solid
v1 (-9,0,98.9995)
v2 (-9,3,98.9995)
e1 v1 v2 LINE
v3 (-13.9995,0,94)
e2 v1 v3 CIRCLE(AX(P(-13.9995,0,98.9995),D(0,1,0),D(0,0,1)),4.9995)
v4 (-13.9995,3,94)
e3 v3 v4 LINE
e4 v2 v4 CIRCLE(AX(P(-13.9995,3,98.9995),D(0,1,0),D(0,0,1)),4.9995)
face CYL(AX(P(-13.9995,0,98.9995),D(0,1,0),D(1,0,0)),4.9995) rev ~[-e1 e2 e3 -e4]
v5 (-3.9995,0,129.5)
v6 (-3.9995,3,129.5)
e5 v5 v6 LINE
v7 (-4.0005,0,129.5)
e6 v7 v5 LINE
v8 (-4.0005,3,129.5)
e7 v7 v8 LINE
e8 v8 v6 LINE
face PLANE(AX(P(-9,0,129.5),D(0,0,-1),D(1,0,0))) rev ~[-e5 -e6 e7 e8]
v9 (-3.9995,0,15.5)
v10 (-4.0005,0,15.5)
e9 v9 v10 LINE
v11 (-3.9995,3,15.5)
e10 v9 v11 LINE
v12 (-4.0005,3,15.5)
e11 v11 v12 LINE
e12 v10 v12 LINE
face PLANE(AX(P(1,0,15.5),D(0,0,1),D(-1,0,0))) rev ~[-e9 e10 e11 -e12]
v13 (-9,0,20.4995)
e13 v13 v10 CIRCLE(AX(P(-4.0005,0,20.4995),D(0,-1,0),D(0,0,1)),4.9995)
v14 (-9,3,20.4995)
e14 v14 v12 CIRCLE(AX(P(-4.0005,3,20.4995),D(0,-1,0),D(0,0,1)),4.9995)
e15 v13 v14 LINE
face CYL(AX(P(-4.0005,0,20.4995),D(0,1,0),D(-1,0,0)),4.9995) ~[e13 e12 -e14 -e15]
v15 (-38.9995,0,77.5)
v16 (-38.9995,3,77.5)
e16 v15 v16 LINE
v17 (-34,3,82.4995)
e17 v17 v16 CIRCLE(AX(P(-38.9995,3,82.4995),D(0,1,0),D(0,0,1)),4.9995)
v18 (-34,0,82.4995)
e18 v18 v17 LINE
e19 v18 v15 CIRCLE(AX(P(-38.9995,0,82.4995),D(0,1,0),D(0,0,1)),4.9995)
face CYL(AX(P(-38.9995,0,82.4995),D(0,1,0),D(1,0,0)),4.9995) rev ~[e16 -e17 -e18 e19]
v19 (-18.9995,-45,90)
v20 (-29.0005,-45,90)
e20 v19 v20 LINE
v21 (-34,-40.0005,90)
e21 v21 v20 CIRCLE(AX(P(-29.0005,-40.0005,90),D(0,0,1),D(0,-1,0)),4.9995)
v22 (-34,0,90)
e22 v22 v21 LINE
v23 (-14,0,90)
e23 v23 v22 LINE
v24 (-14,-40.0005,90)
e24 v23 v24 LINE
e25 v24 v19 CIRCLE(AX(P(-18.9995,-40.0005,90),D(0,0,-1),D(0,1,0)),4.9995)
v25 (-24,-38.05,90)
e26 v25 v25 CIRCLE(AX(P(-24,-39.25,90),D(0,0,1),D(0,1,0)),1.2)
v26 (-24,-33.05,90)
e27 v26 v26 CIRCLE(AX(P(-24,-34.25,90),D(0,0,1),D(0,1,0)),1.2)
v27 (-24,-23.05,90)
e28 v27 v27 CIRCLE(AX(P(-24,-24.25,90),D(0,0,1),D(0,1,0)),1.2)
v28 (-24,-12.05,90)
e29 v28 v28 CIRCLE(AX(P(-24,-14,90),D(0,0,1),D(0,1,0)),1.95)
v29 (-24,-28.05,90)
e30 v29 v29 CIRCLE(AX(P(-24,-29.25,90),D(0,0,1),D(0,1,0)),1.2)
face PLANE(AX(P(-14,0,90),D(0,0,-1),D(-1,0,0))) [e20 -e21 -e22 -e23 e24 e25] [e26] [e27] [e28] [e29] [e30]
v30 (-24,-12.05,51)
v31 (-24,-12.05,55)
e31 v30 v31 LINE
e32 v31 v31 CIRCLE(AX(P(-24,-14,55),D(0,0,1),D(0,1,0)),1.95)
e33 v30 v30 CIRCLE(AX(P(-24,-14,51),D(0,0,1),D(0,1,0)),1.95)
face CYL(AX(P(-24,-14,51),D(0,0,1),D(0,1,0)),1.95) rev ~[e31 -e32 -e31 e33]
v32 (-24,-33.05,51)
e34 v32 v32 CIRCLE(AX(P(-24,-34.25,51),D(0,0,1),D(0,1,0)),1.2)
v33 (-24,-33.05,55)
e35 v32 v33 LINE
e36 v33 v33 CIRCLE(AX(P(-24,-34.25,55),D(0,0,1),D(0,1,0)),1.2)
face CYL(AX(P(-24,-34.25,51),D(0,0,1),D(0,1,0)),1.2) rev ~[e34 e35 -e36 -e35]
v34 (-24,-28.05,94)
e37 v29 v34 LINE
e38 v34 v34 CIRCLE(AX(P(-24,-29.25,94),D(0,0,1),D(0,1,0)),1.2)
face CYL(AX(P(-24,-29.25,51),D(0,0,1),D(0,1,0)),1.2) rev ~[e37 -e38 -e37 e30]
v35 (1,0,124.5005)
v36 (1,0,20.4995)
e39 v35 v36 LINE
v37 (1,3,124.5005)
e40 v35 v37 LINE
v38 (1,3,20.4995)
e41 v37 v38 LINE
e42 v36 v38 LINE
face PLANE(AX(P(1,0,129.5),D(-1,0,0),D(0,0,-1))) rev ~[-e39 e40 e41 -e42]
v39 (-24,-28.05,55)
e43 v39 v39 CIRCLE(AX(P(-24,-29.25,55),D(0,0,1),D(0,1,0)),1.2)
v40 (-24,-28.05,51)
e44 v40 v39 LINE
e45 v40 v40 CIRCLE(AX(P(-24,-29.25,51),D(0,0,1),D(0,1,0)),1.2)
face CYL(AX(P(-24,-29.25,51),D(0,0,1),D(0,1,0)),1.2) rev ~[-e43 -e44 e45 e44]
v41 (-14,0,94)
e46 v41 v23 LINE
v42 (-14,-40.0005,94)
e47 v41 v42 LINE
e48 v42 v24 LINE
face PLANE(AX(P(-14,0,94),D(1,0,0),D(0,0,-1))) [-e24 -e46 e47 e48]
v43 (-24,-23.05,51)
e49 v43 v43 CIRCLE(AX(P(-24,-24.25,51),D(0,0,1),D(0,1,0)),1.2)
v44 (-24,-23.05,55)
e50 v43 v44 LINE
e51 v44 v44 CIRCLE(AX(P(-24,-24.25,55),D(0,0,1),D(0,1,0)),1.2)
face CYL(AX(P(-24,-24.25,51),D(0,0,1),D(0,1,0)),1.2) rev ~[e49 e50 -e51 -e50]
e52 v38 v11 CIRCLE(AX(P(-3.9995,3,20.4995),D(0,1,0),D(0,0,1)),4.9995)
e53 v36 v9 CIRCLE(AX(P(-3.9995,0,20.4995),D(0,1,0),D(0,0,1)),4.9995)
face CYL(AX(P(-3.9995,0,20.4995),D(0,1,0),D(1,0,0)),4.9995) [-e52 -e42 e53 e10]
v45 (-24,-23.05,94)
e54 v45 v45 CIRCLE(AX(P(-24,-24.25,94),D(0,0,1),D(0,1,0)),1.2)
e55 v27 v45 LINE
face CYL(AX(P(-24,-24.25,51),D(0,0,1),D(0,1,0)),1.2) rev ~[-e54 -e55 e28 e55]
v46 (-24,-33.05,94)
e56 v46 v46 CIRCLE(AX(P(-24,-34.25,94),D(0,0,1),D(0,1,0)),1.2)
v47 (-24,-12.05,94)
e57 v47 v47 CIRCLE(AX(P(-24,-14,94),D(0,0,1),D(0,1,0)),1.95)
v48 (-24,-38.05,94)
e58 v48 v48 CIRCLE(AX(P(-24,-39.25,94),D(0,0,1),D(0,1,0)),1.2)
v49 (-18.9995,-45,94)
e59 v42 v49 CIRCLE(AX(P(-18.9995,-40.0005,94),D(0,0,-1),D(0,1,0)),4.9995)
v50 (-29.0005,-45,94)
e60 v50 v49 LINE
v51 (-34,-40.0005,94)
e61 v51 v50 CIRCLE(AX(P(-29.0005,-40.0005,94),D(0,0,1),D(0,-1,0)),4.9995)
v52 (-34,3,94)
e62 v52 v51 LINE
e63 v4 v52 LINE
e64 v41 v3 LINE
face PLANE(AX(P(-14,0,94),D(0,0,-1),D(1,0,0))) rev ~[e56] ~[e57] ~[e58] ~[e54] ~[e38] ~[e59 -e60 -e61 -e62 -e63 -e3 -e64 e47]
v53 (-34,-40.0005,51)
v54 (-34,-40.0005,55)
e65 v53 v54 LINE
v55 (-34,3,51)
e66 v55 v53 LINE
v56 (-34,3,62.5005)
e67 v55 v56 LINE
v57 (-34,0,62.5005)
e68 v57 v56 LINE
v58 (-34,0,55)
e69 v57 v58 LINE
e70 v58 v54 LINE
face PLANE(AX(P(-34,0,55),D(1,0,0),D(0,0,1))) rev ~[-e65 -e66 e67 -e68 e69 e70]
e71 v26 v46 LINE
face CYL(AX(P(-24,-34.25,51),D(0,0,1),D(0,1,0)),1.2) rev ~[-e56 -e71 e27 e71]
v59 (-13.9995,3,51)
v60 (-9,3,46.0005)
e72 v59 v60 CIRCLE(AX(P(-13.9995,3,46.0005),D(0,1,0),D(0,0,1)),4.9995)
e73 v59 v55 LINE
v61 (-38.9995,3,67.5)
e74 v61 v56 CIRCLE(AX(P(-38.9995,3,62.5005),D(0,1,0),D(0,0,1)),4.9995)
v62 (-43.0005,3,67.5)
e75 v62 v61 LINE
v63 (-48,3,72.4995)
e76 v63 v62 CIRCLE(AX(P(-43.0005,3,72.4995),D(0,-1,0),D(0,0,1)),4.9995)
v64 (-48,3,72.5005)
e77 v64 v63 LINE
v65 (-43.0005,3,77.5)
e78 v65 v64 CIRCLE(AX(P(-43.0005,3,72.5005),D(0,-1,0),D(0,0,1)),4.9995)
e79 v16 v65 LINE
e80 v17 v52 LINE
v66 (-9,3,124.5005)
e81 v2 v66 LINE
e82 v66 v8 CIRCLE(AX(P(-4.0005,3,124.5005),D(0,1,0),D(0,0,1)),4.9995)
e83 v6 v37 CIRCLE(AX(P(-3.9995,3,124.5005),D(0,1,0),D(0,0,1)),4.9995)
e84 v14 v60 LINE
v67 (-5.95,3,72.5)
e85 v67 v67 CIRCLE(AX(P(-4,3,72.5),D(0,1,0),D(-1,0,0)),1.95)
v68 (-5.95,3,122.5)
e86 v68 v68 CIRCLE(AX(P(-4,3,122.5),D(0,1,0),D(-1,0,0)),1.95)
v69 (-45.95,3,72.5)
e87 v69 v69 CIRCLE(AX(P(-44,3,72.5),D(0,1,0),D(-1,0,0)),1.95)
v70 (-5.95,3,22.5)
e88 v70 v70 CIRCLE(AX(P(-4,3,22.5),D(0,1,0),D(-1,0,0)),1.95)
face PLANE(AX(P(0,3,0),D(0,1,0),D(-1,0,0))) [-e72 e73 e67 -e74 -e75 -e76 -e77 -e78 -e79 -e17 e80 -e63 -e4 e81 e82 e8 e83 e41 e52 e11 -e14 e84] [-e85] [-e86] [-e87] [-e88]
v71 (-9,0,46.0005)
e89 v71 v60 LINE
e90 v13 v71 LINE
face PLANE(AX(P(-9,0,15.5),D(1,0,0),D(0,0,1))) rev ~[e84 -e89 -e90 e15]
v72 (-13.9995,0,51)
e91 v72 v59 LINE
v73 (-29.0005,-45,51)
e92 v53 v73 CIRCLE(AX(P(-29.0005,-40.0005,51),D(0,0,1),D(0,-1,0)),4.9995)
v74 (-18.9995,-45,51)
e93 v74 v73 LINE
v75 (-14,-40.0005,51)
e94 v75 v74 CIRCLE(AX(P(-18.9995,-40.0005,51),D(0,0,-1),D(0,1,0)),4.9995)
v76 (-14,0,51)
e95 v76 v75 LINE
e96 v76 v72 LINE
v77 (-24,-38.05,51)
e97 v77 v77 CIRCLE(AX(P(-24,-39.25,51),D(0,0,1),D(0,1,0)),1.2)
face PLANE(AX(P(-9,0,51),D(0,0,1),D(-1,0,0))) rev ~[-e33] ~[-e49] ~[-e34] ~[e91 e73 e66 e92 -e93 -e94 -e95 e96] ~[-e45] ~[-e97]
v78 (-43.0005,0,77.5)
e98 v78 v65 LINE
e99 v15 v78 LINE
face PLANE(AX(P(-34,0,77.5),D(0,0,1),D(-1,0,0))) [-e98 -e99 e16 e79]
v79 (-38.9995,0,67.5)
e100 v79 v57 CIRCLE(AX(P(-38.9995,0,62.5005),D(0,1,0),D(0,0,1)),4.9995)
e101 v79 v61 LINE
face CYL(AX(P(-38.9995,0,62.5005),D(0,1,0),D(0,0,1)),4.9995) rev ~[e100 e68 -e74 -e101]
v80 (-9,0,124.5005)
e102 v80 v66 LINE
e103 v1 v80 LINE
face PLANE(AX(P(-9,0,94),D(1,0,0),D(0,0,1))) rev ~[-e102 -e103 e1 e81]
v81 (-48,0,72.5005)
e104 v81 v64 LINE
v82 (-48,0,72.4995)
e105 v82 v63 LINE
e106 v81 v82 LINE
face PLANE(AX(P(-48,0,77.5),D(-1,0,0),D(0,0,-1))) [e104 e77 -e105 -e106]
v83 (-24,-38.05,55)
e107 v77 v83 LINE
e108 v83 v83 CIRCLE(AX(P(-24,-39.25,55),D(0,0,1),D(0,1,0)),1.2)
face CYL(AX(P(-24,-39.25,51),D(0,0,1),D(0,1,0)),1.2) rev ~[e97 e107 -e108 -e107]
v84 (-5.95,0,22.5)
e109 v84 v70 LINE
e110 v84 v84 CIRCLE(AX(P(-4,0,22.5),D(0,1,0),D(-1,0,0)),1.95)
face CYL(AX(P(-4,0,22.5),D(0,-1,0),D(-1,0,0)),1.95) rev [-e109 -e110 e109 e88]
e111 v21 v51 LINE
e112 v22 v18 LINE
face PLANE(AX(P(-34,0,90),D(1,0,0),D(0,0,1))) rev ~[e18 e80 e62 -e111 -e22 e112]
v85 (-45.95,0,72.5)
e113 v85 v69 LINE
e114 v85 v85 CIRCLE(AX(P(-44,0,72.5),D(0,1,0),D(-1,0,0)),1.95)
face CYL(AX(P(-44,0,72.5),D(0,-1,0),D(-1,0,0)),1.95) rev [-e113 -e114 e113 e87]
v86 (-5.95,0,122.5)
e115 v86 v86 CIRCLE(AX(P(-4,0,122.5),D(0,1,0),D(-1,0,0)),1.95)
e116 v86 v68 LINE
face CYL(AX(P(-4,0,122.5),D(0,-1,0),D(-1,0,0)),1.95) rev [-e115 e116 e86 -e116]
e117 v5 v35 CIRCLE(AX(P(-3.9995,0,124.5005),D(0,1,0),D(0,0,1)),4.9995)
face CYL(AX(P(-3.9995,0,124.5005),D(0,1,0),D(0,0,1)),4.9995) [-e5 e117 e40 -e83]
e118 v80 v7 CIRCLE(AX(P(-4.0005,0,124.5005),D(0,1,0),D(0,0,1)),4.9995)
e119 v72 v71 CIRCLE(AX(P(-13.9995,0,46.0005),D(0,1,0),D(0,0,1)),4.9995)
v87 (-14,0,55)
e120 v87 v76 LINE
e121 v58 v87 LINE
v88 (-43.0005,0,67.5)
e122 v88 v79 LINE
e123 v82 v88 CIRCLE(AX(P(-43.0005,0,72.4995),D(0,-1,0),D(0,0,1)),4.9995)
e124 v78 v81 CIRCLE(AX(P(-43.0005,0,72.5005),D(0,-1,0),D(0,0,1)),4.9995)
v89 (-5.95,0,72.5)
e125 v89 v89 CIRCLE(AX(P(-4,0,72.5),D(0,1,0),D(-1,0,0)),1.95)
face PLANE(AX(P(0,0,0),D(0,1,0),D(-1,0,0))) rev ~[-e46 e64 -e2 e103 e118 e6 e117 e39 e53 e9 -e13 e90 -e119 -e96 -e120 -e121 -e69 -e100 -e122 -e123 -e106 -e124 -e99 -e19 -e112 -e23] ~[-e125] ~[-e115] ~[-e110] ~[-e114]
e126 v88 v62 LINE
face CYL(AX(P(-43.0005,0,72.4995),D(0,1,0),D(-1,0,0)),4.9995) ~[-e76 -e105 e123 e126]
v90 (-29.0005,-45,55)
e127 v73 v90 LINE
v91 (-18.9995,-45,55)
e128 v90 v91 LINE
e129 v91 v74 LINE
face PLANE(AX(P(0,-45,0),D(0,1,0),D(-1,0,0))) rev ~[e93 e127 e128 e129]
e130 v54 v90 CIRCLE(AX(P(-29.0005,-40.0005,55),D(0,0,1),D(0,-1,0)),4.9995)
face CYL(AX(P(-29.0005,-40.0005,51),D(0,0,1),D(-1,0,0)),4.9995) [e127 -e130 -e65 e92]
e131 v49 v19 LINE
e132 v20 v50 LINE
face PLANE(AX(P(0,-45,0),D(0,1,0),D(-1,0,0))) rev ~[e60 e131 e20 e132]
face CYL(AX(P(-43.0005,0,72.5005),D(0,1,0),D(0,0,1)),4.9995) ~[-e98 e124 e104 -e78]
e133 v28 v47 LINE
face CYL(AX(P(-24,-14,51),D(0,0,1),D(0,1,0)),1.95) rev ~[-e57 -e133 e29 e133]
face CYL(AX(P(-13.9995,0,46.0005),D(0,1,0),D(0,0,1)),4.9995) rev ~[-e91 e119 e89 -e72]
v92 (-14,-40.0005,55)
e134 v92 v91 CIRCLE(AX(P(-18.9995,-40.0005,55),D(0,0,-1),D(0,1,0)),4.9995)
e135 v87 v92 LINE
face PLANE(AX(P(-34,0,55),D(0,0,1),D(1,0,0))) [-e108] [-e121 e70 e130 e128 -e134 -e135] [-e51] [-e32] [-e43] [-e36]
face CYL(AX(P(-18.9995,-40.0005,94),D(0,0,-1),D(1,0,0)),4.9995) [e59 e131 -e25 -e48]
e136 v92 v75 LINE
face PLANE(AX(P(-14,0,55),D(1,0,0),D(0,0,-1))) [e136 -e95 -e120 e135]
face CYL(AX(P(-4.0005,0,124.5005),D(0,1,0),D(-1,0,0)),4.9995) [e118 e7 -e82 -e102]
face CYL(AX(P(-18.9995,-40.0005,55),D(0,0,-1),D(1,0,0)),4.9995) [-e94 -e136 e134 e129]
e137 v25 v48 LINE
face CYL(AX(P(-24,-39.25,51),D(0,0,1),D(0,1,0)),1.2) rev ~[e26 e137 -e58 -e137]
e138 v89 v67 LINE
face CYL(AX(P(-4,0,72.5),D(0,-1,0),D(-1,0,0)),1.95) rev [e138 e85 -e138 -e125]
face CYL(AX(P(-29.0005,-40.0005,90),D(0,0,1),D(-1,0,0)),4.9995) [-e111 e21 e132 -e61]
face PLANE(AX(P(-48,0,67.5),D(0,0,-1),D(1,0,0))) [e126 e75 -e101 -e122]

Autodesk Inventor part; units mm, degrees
ref_plane "YZ Plane" through (0, 0, 0) normal (1, 0, 0) x (0, 1, 0)
ref_plane "XZ Plane" through (0, 0, 0) normal (0, 1, 0) x (-1, 0, 0)
ref_plane "XY Plane" through (0, 0, 0) normal (0, 0, 1) x (1, 0, 0)
sketch "Szkic1" plane through (0, 0, 0) normal (0, 1, 0) x (-1, 0, 0)
  line L0 (9, 129.5) -> (-1, 129.5)
  line L1 (-1, 129.5) -> (-1, 15.5)
  line L2 (-1, 15.5) -> (9, 15.5)
  line L3 (9, 15.5) -> (9, 129.5)
  circle A0 centre (4, 22.5) radius 1.95
  circle A1 centre (4, 122.5) radius 1.95
  line L4 (48, 148) -> (48, 0)
  line L5 (9, 77.5) -> (48, 77.5)
  line L6 (48, 77.5) -> (48, 67.5)
  line L7 (48, 67.5) -> (9, 67.5)
  line L8 (9, 67.5) -> (9, 77.5)
  circle A2 centre (44, 72.5) radius 1.95
  line L9 (34, 94) -> (9, 94)
  line L10 (9, 94) -> (9, 51)
  line L11 (9, 51) -> (34, 51)
  line L12 (34, 51) -> (34, 94)
  circle A3 centre (4, 72.5) radius 1.95
  line L13 (34, 90) -> (9, 90) construction
  line L14 (9, 90) -> (9, 55) construction
  line L15 (9, 55) -> (34, 55) construction
  line L16 (34, 55) -> (34, 90) construction
  line L17 (34, 94) -> (14, 94)
  line L18 (14, 94) -> (14, 90)
  line L19 (14, 90) -> (34, 90)
  line L20 (34, 90) -> (34, 94)
  line L21 (14, 51) -> (34, 51)
  line L22 (34, 51) -> (34, 55)
  line L23 (34, 55) -> (14, 55)
  line L24 (14, 55) -> (14, 51)
  circle A4 centre (24, 47.5) radius 1.95
  circle A5 centre (24, 97.5) radius 1.95
  point P0 (0, 0)
  point P1 (12.3183, 7)
  dimension "d0" = 7
  dimension "d1" = 7
  dimension "d2" = 5
  dimension "d3" = 5
  dimension "d4" = 5
  dimension "d5" = 5
  dimension "d6" = 43
  dimension "d7" = 16.5
  dimension "d8" = 25
  dimension "d9" = 35
  dimension "d10" = 12.5
  dimension "d11" = 10
extrude "Wyciągnięcie proste1" add sketch "Szkic1" along normal blind 3 contours L3 L2 L1 L0 | L9 L18 L19 L12 L5 L3 | L5 L12 L7 L3 | L9 L12 L19 L18 | L7 L12 L23 L24 L11 L3 | L5 L4 L7 L12 | L24 L23 L12 L11
extrude "Wyciągnięcie proste2" add sketch "Szkic1" against normal blind 45 contours L9 L12 L19 L18 | L24 L23 L12 L11
fillet "Zaokrąglenie1" radius 5 14 edges at (-34, 1.5, 67.5) (-34, 1.5, 77.5) (-48, 1.5, 77.5) (-48, 1.5, 67.5) (-9, 1.5, 51) (-9, 1.5, 15.5) (1, 1.5, 15.5) (-9, 1.5, 94) (-9, 1.5, 129.5) (1, 1.5, 129.5) (-34, -45, 92) (-34, -45, 53) (-14, -45, 53) (-14, -45, 92)
sketch "Szkic2" plane through (-14, 3, 51) normal (0, 0, -1) x (-1, 0, 0)
  arc A0 (0, -43) -> (5, -48) centre (5, -43) ccw projected
  line L0 (15, -48) -> (5, -48) projected
  arc A1 (15, -48) -> (20, -43) centre (15, -43) ccw projected
  line L1 (20, -43) -> (20, 0) projected
  line L2 (0, 0) -> (20, 0) projected
  line L3 (0, -3) -> (0, 0) projected
  line L4 (0, -3) -> (0, -43) projected
  line L5 (-5, -3) -> (20, -3) projected
  point P0 (-14, -3)
  point P1 (10, -17)
  point P2 (10, -27.25)
  point P3 (10, -32.25)
  point P4 (10, -37.25)
  point P5 (10, -42.25)
  dimension "d17" = 14
  dimension "d18" = 10
  dimension "d19" = 10.25
  dimension "d20" = 5
  dimension "d21" = 5
  dimension "d22" = 5
hole "Otwór1" at (-24, -24.25, 51) at (-24, -29.25, 51) at (-24, -34.25, 51) at (-24, -39.25, 51) direction (0, 0, 1) diameter 2.4 end through all clearance for "Śruba ze łbem płaskim obrobiona" size "M2" standard "ANSI Profil metryczny M"
hole "Otwór2" at (-24, -14, 51) direction (0, 0, 1) diameter 3.9 end through all clearance for "Śruba ze łbem płaskim obrobiona" size "M3.5" standard "ANSI Profil metryczny M"
equation "\"d3\" = d2"
equation "\"d5\" = d4"
properties part number "czesc_do_obudowy"
